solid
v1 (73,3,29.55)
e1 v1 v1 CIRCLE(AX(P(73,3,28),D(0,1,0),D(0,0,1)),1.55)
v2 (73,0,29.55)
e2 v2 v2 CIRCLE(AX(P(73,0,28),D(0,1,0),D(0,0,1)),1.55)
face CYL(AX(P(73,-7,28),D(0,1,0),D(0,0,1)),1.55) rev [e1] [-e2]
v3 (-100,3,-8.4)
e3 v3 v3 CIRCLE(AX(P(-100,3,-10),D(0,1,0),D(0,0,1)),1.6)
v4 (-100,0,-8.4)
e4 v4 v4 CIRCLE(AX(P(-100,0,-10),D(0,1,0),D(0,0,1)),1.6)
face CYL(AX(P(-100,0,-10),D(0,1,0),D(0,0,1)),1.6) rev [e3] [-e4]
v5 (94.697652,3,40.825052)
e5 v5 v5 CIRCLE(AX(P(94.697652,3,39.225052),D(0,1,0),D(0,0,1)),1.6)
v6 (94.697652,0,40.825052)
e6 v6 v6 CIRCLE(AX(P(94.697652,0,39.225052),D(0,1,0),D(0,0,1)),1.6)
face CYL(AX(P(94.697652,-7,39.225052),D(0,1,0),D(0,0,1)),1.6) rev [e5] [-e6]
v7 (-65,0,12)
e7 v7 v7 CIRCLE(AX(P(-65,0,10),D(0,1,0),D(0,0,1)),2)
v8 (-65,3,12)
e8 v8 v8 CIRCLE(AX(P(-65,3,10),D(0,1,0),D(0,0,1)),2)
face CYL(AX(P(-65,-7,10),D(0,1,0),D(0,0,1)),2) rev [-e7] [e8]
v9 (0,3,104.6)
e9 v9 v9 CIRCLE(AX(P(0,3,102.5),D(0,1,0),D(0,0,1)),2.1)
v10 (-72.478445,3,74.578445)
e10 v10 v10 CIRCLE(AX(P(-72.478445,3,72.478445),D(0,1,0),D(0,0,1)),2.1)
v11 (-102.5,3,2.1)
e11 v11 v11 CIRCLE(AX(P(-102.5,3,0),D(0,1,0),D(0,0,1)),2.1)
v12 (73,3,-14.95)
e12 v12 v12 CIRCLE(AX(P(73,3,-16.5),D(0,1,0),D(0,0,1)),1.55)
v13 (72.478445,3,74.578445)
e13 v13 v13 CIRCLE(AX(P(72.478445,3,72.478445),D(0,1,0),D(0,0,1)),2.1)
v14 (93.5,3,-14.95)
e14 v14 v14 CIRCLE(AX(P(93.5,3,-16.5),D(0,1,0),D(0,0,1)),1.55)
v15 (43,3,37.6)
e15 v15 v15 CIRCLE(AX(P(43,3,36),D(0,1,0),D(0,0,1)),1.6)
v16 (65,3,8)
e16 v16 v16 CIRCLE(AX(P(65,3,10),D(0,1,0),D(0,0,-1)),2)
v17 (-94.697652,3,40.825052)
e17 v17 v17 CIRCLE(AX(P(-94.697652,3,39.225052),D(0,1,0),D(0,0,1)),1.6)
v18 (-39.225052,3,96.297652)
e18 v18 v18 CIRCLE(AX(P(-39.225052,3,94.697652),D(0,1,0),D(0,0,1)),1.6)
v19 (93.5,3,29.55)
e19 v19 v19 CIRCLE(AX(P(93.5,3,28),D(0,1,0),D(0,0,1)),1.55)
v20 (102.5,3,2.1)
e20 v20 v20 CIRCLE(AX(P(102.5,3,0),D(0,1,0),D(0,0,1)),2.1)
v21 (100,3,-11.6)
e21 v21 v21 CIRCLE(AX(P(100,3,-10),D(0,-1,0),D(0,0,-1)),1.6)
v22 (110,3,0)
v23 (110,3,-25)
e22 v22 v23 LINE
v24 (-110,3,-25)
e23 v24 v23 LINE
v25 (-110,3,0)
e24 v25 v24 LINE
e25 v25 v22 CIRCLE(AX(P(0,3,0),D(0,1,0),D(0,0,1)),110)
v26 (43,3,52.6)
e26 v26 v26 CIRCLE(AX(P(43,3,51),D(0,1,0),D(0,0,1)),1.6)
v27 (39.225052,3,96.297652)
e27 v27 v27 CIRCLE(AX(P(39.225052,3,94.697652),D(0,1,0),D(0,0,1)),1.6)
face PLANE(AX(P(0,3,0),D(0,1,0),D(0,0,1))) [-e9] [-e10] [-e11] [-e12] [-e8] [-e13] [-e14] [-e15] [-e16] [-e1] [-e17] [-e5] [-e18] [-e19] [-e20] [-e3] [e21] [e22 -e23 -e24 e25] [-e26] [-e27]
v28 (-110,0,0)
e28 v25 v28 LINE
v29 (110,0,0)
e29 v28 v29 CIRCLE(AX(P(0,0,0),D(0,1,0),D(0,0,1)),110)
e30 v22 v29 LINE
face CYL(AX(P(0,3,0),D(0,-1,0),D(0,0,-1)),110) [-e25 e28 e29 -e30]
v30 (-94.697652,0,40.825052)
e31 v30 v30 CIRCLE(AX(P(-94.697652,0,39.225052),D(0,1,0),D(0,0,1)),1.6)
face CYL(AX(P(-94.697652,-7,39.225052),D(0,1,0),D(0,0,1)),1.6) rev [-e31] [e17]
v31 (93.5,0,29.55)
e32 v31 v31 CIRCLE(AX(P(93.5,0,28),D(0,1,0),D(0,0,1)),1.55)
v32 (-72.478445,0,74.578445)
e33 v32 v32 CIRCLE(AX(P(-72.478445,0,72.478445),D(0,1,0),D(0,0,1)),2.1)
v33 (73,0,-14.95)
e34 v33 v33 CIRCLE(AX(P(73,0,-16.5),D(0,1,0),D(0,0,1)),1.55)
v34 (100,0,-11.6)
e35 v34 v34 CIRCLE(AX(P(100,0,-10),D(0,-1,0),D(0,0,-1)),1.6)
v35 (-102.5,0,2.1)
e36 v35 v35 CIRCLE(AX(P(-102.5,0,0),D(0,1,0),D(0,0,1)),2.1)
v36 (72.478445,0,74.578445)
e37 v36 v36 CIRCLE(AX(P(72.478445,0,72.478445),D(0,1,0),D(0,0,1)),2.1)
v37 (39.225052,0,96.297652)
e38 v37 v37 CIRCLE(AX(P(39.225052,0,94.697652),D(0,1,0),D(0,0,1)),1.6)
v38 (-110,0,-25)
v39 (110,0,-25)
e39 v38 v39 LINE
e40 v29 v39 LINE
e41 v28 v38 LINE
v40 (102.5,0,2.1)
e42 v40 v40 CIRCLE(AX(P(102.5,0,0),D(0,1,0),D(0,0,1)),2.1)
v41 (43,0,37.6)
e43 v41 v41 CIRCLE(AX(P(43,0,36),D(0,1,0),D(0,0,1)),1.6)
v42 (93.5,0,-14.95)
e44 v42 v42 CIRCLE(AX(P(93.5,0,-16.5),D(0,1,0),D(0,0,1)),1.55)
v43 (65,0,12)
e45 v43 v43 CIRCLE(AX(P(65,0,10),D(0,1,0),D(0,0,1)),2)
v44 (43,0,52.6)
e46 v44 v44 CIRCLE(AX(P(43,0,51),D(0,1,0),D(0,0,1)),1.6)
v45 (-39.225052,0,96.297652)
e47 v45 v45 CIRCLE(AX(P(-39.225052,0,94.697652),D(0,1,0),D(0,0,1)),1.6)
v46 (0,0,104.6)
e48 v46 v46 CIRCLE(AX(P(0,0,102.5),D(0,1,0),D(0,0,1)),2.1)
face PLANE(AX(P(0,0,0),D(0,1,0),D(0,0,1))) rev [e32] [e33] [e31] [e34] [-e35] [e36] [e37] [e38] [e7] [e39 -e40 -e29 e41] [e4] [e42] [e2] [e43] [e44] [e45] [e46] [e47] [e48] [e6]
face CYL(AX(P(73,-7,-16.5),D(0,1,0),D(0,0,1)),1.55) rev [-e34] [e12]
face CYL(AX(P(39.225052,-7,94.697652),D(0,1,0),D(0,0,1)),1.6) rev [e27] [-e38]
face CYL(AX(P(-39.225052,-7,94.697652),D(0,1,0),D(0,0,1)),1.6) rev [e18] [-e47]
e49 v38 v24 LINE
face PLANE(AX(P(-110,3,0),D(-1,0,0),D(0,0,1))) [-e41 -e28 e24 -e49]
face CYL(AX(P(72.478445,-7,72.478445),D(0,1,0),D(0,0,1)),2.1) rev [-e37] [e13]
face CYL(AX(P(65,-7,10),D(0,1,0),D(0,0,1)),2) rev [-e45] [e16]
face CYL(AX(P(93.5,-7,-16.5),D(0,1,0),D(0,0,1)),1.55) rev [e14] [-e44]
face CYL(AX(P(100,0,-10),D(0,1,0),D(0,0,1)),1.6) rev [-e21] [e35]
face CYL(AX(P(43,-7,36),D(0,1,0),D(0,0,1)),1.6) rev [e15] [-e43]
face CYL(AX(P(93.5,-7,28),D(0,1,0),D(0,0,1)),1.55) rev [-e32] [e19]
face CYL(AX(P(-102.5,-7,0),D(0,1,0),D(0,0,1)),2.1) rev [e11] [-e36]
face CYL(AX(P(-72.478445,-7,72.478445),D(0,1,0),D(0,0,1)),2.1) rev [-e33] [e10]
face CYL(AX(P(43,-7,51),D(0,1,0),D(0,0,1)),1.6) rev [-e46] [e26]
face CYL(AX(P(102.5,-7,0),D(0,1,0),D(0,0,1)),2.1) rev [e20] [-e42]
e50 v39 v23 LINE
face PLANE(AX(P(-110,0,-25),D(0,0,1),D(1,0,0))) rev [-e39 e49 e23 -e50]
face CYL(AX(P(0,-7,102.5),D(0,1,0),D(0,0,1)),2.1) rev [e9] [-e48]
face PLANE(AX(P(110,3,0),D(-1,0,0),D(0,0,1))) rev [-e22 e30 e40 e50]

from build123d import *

# Parameters (mm, degrees)
EXTRUDE_1_DEPTH     = 3
SKETCH_2_W          = 220
SKETCH_2_H          = 200
CUT_EXTRUDE_1_DEPTH = 167.535281547
SKETCH_3_R          = 2
SKETCH_3_R_2        = 2.1
SKETCH_3_R_3        = 1.6
CUT_EXTRUDE_2_DEPTH = 10
SKETCH_4_R          = 1.6
CUT_EXTRUDE_3_DEPTH = 156.592416268
SKETCH_4_3_R        = 1.6
SKETCH_4_3_R_2      = 1.55
CUT_EXTRUDE_4_DEPTH = 10


with BuildPart() as part:
    # 草图1 → 凸台-拉伸1 (new body)
    with BuildSketch(Plane(origin=(0, 0, 0), x_dir=(1, 0, 0), z_dir=(0, 1, 0))):
        with BuildLine():
            Line((-110, 0), (-110, 125))
            Line((-110, 125), (110, 125))
            Line((110, 125), (110, 0))
            ThreePointArc((110, 0), (0, -110), (-110, 0))
        make_face()
    extrude(amount=EXTRUDE_1_DEPTH)

    # 草图2 → 切除-拉伸1 (cut, through all)
    with BuildSketch(Plane(origin=(0, 3, 0), x_dir=(1, 0, 0), z_dir=(0, 1, 0))):
        with Locations((0, 125)):
            Rectangle(SKETCH_2_W, SKETCH_2_H)
    extrude(amount=-CUT_EXTRUDE_1_DEPTH, mode=Mode.SUBTRACT)

    # 草图3 → 切除-拉伸2 (cut)
    with BuildSketch(Plane(origin=(0, 3, 0), x_dir=(1, 0, 0), z_dir=(0, 1, 0))):
        with Locations((-65, -10)):
            Circle(SKETCH_3_R)
        with Locations((65, -10)):
            Circle(SKETCH_3_R)
        with Locations((0, -102.5)):
            Circle(SKETCH_3_R_2)
        with Locations((-72.478445072, -72.478445072)):
            Circle(SKETCH_3_R_2)
        with Locations((-102.5, 0)):
            Circle(SKETCH_3_R_2)
        with Locations((102.5, 0)):
            Circle(SKETCH_3_R_2)
        with Locations((72.478445072, -72.478445072)):
            Circle(SKETCH_3_R_2)
        with Locations((-94.697652082, -39.225051817)):
            Circle(SKETCH_3_R_3)
        with Locations((94.697652082, -39.225051817)):
            Circle(SKETCH_3_R_3)
        with Locations((39.225051817, -94.697652082)):
            Circle(SKETCH_3_R_3)
        with Locations((-39.225051817, -94.697652082)):
            Circle(SKETCH_3_R_3)
    extrude(amount=-CUT_EXTRUDE_2_DEPTH, mode=Mode.SUBTRACT)

    # 草图4 → 切除-拉伸3 (cut, through all)
    with BuildSketch(Plane(origin=(0, 3, 0), x_dir=(1, 0, 0), z_dir=(0, 1, 0))):
        with Locations((-100, 10)):
            Circle(SKETCH_4_R)
        with Locations((100, 10)):
            Circle(SKETCH_4_R)
    extrude(amount=-CUT_EXTRUDE_3_DEPTH, mode=Mode.SUBTRACT)

    # 草图4<3> → 切除-拉伸4 (cut)
    with BuildSketch(Plane(origin=(0, 3, 0), x_dir=(1, 0, 0), z_dir=(0, 1, 0))):
        with Locations((-100, 10)):
            Circle(SKETCH_4_3_R)
        with Locations((100, 10)):
            Circle(SKETCH_4_3_R)
        with Locations((43, -36)):
            Circle(SKETCH_4_3_R)
        with Locations((43, -51)):
            Circle(SKETCH_4_3_R)
        with Locations((73, -28)):
            Circle(SKETCH_4_3_R_2)
        with Locations((93.5, -28)):
            Circle(SKETCH_4_3_R_2)
        with Locations((93.5, 16.5)):
            Circle(SKETCH_4_3_R_2)
        with Locations((73, 16.5)):
            Circle(SKETCH_4_3_R_2)
    extrude(amount=-CUT_EXTRUDE_4_DEPTH, mode=Mode.SUBTRACT)


solid = part.part
